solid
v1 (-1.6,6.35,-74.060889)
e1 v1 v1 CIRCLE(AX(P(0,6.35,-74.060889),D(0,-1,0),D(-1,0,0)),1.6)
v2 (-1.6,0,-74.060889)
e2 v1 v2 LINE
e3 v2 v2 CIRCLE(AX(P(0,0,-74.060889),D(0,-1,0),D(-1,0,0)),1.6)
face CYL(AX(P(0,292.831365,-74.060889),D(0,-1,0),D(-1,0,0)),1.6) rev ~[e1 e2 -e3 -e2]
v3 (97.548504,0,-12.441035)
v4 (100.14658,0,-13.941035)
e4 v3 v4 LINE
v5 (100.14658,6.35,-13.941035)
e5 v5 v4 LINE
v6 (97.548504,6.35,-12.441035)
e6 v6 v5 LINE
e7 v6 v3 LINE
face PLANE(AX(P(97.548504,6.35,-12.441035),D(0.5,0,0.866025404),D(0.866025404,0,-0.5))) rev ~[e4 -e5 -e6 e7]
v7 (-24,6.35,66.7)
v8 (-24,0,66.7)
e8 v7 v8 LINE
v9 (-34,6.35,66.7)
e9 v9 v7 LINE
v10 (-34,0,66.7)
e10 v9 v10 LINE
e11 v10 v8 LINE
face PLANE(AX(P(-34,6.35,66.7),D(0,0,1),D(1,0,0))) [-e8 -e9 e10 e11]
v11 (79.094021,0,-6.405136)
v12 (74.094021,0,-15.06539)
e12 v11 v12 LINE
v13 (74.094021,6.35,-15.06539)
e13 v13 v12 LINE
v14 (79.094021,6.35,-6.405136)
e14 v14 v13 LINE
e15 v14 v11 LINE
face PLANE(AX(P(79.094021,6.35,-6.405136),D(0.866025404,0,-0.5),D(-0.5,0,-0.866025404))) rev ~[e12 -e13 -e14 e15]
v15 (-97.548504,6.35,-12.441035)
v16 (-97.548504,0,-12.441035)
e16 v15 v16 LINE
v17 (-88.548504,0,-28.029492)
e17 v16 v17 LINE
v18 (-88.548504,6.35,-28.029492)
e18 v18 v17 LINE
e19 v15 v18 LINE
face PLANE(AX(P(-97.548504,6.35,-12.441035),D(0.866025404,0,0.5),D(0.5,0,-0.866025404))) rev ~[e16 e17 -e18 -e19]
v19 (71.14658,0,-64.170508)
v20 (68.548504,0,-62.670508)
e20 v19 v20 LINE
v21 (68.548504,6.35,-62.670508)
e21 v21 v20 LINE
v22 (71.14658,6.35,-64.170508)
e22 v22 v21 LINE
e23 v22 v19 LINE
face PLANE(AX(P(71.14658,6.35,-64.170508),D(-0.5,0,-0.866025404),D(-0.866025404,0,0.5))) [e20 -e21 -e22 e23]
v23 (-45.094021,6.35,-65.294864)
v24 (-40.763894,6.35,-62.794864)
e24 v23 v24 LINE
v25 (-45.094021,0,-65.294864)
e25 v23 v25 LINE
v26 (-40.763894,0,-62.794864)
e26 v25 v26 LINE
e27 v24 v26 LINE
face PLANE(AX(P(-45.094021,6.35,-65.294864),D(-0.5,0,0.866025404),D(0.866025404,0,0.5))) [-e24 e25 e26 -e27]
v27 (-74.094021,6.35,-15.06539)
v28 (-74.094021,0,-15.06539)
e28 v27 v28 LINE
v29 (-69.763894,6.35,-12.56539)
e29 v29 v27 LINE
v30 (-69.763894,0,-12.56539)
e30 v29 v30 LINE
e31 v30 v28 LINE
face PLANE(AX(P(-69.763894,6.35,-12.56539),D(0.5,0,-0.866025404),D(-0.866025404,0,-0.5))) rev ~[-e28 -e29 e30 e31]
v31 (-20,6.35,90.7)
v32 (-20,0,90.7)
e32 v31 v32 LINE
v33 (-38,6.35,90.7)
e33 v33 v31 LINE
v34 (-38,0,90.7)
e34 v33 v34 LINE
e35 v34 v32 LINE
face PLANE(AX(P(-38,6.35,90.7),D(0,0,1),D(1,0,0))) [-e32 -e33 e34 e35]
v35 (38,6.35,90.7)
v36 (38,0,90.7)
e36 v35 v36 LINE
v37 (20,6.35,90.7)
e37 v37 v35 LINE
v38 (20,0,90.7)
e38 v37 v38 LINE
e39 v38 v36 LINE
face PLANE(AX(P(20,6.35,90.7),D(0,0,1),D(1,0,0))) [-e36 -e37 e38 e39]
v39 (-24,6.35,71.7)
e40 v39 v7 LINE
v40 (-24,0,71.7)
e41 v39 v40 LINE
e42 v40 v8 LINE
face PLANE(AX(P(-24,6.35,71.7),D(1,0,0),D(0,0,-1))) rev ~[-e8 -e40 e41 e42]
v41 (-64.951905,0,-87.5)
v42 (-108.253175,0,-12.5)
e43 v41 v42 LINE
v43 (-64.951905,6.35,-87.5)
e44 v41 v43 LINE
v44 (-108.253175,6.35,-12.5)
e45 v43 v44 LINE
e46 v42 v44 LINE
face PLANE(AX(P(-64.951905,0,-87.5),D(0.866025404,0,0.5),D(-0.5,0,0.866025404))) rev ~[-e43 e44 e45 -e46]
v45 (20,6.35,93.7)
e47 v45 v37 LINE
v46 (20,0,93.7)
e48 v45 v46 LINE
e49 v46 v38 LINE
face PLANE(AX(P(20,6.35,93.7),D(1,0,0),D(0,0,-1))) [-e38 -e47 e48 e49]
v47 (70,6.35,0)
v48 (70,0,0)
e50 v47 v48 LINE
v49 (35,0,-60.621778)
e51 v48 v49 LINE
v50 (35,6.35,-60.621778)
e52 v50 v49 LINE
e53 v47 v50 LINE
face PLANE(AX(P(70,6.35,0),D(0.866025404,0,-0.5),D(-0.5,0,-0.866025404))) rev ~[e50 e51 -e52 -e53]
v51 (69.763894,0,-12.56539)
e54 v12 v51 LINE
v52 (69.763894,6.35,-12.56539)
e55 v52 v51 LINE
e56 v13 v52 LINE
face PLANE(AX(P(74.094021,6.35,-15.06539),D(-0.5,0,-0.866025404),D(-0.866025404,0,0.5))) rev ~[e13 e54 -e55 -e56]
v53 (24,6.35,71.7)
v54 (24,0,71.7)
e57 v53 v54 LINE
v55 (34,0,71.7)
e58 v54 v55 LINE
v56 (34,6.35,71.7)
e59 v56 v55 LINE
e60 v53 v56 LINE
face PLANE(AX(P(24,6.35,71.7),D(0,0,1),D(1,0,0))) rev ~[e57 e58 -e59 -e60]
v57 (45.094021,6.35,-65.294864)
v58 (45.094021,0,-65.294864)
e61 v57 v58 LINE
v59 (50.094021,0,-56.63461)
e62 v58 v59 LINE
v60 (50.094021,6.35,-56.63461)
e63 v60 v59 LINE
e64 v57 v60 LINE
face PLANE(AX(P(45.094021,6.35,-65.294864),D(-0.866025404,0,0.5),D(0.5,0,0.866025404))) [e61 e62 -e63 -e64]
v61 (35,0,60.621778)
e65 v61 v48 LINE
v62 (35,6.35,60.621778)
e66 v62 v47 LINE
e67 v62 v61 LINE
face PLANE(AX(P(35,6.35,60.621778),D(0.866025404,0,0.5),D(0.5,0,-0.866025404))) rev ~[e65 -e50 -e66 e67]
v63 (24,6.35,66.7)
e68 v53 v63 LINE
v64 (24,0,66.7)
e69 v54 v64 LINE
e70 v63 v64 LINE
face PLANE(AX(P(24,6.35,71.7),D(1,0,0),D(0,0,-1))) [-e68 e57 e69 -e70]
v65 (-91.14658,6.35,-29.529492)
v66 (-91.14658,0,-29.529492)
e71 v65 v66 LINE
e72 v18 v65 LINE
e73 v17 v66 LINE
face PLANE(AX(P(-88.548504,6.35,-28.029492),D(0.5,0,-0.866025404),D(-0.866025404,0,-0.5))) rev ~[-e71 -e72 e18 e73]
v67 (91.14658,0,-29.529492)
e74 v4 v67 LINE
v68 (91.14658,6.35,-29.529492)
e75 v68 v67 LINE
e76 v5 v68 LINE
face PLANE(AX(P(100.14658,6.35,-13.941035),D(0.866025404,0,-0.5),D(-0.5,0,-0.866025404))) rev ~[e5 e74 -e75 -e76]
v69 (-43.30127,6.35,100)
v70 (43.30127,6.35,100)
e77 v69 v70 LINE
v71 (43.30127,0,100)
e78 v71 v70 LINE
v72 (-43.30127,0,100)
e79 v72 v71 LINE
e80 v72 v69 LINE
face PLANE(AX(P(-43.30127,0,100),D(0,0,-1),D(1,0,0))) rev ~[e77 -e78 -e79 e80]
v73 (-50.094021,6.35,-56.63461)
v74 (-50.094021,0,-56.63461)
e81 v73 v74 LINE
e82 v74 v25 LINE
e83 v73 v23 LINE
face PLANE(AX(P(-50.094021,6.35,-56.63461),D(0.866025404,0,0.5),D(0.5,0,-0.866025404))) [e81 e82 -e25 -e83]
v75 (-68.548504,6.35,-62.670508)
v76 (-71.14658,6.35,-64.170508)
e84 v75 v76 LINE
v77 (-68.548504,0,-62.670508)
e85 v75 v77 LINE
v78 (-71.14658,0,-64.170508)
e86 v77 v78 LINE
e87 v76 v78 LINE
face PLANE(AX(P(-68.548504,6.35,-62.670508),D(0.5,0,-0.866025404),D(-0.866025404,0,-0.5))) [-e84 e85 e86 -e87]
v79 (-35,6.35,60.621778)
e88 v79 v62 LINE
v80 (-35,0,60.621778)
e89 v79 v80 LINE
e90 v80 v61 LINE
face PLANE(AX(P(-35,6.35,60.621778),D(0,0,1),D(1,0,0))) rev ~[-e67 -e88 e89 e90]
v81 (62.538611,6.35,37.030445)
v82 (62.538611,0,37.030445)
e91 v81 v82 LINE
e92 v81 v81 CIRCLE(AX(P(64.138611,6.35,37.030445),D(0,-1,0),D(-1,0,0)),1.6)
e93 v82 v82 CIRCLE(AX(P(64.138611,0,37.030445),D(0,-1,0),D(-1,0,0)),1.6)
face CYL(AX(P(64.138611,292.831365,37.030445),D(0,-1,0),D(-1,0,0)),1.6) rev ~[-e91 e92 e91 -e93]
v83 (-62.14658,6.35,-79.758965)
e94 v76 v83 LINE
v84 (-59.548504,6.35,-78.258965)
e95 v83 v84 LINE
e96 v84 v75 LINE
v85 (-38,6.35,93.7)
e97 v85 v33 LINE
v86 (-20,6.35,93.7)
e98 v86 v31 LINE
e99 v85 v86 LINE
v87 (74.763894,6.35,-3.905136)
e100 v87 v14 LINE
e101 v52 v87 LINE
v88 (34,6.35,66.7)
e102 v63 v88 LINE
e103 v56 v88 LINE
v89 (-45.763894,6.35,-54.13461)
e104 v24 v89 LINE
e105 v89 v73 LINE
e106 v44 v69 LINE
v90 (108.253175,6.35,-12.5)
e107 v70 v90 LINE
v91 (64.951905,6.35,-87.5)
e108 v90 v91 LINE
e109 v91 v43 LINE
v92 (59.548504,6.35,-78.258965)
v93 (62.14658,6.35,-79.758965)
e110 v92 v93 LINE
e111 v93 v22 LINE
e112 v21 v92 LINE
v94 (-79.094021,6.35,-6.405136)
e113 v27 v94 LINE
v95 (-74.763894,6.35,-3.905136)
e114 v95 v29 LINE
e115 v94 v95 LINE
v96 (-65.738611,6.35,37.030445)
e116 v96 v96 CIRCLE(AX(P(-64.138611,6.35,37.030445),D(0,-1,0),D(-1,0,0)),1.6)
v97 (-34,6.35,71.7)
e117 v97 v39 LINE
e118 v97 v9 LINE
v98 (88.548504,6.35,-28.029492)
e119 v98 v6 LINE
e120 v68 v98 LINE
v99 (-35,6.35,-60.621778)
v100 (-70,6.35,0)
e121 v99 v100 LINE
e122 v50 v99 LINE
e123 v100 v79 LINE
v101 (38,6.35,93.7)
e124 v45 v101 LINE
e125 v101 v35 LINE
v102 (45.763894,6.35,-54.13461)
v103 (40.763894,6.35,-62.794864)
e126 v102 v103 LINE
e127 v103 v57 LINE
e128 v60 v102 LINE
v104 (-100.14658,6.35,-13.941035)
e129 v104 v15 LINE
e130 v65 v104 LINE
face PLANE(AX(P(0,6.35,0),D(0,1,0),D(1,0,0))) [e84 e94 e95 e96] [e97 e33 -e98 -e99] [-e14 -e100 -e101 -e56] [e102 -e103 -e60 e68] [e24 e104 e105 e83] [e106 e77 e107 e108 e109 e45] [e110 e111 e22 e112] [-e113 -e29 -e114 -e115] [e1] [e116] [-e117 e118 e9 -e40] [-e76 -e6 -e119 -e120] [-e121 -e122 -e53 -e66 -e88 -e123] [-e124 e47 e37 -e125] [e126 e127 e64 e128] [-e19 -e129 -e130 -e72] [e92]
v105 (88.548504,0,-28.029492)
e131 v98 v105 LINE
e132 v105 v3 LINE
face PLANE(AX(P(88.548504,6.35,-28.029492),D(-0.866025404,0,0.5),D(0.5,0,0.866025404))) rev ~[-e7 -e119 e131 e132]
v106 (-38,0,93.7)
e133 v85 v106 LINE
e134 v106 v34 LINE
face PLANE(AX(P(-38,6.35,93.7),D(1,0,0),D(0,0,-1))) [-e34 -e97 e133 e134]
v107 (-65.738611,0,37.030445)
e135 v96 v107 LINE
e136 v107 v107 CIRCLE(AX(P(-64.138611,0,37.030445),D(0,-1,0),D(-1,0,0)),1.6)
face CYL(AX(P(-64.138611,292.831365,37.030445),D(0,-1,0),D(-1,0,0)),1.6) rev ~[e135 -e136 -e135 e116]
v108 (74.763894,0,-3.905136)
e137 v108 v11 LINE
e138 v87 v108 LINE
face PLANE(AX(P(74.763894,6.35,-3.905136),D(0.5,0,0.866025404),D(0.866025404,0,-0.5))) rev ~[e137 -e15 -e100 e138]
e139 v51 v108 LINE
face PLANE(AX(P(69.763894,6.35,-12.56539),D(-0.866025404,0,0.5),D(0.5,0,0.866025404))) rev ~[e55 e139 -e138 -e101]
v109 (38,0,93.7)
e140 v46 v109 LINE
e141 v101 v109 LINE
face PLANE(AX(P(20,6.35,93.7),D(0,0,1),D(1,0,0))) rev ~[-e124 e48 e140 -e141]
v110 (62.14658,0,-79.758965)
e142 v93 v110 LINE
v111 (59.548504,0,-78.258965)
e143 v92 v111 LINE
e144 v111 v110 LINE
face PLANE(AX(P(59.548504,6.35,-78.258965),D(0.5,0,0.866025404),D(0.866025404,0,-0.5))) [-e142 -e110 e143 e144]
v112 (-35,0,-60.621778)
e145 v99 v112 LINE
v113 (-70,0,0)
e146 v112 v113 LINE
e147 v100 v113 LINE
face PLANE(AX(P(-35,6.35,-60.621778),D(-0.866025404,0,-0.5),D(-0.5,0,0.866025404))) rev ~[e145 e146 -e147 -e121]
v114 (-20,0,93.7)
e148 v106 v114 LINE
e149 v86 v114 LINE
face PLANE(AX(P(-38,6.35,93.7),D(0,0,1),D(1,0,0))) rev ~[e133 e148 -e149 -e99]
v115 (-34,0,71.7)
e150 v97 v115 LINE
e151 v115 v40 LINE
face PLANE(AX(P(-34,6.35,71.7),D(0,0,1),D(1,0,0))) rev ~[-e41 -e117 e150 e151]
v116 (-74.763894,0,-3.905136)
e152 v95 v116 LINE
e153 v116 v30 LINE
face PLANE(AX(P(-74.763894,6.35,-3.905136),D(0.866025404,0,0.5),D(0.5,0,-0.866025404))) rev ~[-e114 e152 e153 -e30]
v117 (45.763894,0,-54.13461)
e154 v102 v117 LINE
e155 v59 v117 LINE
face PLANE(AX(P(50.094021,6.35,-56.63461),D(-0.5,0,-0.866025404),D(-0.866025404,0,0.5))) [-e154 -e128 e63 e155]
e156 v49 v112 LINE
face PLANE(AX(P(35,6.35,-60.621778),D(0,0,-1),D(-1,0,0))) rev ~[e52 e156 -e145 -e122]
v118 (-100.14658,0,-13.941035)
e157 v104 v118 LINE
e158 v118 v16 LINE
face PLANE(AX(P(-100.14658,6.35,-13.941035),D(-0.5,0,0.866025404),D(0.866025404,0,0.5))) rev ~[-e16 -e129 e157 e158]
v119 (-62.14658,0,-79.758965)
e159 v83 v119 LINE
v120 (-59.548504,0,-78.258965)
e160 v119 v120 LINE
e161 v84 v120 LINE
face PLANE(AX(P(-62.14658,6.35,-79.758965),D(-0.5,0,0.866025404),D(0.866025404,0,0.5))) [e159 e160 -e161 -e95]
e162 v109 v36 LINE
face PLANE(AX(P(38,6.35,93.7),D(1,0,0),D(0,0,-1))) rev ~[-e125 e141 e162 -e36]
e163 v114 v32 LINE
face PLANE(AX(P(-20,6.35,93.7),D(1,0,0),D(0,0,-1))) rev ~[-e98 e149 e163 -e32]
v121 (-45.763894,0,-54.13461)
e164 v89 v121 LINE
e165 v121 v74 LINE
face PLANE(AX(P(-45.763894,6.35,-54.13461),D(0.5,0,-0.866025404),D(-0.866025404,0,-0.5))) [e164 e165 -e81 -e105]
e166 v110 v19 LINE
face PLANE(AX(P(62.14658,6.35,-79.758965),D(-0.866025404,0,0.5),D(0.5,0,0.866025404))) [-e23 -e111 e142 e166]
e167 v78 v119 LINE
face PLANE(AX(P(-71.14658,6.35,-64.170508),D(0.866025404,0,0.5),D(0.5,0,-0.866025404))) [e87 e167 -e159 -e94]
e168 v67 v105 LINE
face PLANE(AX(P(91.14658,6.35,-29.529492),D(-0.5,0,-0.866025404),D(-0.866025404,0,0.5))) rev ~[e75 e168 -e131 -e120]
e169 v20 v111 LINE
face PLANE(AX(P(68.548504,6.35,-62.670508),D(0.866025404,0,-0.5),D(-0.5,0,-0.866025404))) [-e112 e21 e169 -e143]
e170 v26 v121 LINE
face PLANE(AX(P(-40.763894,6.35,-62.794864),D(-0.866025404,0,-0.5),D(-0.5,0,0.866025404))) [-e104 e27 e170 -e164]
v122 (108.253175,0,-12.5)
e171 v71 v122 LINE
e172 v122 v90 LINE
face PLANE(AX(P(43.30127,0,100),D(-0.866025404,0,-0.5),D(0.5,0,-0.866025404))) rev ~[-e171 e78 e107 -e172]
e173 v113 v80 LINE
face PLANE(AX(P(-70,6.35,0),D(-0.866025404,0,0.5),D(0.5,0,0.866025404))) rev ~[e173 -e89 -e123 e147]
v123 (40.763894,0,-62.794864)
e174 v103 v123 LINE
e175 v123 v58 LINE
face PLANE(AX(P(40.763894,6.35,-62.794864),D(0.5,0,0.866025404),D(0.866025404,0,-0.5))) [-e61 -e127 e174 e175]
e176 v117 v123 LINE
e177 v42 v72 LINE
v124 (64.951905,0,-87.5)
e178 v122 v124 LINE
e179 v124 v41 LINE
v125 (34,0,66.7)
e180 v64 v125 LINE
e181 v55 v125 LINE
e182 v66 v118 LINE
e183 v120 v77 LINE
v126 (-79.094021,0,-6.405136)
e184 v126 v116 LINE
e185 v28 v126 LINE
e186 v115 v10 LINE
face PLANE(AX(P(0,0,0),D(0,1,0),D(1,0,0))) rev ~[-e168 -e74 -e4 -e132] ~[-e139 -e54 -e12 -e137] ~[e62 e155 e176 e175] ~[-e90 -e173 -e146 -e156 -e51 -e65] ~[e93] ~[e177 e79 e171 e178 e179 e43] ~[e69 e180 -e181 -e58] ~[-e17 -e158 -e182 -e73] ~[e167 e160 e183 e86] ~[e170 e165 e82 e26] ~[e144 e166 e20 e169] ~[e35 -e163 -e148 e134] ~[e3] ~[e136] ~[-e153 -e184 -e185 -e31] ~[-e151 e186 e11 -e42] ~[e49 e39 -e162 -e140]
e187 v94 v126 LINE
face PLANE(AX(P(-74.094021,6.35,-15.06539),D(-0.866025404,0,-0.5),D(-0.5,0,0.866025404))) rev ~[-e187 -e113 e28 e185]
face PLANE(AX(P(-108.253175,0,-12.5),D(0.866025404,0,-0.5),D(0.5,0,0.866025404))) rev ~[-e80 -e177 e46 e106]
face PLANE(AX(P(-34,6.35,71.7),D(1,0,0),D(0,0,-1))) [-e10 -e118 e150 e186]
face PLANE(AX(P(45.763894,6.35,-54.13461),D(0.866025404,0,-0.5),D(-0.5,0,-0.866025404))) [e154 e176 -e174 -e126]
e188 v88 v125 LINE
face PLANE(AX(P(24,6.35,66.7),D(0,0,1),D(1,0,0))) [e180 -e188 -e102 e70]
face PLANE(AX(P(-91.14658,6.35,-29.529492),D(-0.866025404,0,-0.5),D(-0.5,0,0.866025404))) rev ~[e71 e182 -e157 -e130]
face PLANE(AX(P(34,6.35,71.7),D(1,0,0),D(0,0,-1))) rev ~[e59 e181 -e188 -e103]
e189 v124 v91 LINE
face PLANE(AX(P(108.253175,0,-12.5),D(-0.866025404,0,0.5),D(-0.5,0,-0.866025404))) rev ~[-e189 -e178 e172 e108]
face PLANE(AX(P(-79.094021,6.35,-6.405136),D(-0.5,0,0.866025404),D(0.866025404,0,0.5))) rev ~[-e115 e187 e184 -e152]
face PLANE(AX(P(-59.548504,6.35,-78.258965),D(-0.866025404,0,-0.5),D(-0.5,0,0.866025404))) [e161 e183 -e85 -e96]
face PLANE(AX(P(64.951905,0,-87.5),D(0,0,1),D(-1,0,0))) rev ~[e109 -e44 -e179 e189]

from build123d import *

# Parameters (mm, degrees)
BOSS_EXTRUDE1_DEPTH   = 6.35
SKETCH2_W             = 18
SKETCH2_H             = 3
SKETCH2_W_2           = 10
SKETCH2_H_2           = 5
CUT_EXTRUDE1_DEPTH    = 148.509567486
CUT_EXTRUDE2_DEPTH    = 148.509567486
F_3_0MM_DOWEL_HOLE1_D = 3.2


with BuildPart() as part:
    # Sketch1 → Boss-Extrude1 (new body)
    with BuildSketch(Plane(origin=(0, 0, 0), x_dir=(1, 0, 0), z_dir=(0, 1, 0))):
        Polygon((64.951905284, 87.5), (-64.951905284, 87.5), (-108.253175473, 12.5), (-43.301270189, -100), (43.301270189, -100), (108.253175473, 12.5), align=None)
    extrude(amount=BOSS_EXTRUDE1_DEPTH)

    # Sketch2 → Cut-Extrude1 (cut, through all)
    with BuildSketch(Plane(origin=(0, 6.35, 0), x_dir=(1, 0, 0), z_dir=(0, 1, 0))):
        with Locations((-29, -92.2)):
            Rectangle(SKETCH2_W, SKETCH2_H)
        with Locations((29, -92.2)):
            Rectangle(SKETCH2_W, SKETCH2_H)
        Polygon((-62.146580335, 79.758965344), (-59.548504123, 78.258965344), (-68.548504123, 62.670508076), (-71.146580335, 64.170508076), align=None)
        Polygon((-97.548504123, 12.441034656), (-88.548504123, 28.029491924), (-91.146580335, 29.529491924), (-100.146580335, 13.941034656), align=None)
        Polygon((100.146580335, 13.941034656), (91.146580335, 29.529491924), (88.548504123, 28.029491924), (97.548504123, 12.441034656), align=None)
        Polygon((59.548504123, 78.258965344), (62.146580335, 79.758965344), (71.146580335, 64.170508076), (68.548504123, 62.670508076), align=None)
        with Locations((-29, -69.2)):
            Rectangle(SKETCH2_W_2, SKETCH2_H_2)
        with Locations((29, -69.2)):
            Rectangle(SKETCH2_W_2, SKETCH2_H_2)
        Polygon((79.094021451, 6.405136271), (74.094021451, 15.065390309), (69.763894432, 12.565390309), (74.763894432, 3.905136271), align=None)
        Polygon((40.763894432, 62.794863729), (45.094021451, 65.294863729), (50.094021451, 56.634609691), (45.763894432, 54.134609691), align=None)
        Polygon((-74.763894432, 3.905136271), (-69.763894432, 12.565390309), (-74.094021451, 15.065390309), (-79.094021451, 6.405136271), align=None)
        Polygon((-45.094021451, 65.294863729), (-40.763894432, 62.794863729), (-45.763894432, 54.134609691), (-50.094021451, 56.634609691), align=None)
    extrude(amount=-CUT_EXTRUDE1_DEPTH, mode=Mode.SUBTRACT)

    # Sketch4 → Cut-Extrude2 (cut, through all)
    with BuildSketch(Plane(origin=(0, 6.35, 0), x_dir=(1, 0, 0), z_dir=(0, 1, 0))):
        Polygon((35, -60.621778265), (70, 0), (35, 60.621778265), (-35, 60.621778265), (-70, 0), (-35, -60.621778265), align=None)
    extrude(amount=-CUT_EXTRUDE2_DEPTH, mode=Mode.SUBTRACT)

    # Ø3.0mm Dowel Hole1 (through all)
    with Locations(Plane(origin=(0, 6.35, 0), x_dir=(1, 0, 0), z_dir=(0, 1, 0))):
        with Locations((0, 74.060889132), (-64.138611416, -37.030444566), (64.138611416, -37.030444566)):
            Hole(F_3_0MM_DOWEL_HOLE1_D / 2)


solid = part.part
